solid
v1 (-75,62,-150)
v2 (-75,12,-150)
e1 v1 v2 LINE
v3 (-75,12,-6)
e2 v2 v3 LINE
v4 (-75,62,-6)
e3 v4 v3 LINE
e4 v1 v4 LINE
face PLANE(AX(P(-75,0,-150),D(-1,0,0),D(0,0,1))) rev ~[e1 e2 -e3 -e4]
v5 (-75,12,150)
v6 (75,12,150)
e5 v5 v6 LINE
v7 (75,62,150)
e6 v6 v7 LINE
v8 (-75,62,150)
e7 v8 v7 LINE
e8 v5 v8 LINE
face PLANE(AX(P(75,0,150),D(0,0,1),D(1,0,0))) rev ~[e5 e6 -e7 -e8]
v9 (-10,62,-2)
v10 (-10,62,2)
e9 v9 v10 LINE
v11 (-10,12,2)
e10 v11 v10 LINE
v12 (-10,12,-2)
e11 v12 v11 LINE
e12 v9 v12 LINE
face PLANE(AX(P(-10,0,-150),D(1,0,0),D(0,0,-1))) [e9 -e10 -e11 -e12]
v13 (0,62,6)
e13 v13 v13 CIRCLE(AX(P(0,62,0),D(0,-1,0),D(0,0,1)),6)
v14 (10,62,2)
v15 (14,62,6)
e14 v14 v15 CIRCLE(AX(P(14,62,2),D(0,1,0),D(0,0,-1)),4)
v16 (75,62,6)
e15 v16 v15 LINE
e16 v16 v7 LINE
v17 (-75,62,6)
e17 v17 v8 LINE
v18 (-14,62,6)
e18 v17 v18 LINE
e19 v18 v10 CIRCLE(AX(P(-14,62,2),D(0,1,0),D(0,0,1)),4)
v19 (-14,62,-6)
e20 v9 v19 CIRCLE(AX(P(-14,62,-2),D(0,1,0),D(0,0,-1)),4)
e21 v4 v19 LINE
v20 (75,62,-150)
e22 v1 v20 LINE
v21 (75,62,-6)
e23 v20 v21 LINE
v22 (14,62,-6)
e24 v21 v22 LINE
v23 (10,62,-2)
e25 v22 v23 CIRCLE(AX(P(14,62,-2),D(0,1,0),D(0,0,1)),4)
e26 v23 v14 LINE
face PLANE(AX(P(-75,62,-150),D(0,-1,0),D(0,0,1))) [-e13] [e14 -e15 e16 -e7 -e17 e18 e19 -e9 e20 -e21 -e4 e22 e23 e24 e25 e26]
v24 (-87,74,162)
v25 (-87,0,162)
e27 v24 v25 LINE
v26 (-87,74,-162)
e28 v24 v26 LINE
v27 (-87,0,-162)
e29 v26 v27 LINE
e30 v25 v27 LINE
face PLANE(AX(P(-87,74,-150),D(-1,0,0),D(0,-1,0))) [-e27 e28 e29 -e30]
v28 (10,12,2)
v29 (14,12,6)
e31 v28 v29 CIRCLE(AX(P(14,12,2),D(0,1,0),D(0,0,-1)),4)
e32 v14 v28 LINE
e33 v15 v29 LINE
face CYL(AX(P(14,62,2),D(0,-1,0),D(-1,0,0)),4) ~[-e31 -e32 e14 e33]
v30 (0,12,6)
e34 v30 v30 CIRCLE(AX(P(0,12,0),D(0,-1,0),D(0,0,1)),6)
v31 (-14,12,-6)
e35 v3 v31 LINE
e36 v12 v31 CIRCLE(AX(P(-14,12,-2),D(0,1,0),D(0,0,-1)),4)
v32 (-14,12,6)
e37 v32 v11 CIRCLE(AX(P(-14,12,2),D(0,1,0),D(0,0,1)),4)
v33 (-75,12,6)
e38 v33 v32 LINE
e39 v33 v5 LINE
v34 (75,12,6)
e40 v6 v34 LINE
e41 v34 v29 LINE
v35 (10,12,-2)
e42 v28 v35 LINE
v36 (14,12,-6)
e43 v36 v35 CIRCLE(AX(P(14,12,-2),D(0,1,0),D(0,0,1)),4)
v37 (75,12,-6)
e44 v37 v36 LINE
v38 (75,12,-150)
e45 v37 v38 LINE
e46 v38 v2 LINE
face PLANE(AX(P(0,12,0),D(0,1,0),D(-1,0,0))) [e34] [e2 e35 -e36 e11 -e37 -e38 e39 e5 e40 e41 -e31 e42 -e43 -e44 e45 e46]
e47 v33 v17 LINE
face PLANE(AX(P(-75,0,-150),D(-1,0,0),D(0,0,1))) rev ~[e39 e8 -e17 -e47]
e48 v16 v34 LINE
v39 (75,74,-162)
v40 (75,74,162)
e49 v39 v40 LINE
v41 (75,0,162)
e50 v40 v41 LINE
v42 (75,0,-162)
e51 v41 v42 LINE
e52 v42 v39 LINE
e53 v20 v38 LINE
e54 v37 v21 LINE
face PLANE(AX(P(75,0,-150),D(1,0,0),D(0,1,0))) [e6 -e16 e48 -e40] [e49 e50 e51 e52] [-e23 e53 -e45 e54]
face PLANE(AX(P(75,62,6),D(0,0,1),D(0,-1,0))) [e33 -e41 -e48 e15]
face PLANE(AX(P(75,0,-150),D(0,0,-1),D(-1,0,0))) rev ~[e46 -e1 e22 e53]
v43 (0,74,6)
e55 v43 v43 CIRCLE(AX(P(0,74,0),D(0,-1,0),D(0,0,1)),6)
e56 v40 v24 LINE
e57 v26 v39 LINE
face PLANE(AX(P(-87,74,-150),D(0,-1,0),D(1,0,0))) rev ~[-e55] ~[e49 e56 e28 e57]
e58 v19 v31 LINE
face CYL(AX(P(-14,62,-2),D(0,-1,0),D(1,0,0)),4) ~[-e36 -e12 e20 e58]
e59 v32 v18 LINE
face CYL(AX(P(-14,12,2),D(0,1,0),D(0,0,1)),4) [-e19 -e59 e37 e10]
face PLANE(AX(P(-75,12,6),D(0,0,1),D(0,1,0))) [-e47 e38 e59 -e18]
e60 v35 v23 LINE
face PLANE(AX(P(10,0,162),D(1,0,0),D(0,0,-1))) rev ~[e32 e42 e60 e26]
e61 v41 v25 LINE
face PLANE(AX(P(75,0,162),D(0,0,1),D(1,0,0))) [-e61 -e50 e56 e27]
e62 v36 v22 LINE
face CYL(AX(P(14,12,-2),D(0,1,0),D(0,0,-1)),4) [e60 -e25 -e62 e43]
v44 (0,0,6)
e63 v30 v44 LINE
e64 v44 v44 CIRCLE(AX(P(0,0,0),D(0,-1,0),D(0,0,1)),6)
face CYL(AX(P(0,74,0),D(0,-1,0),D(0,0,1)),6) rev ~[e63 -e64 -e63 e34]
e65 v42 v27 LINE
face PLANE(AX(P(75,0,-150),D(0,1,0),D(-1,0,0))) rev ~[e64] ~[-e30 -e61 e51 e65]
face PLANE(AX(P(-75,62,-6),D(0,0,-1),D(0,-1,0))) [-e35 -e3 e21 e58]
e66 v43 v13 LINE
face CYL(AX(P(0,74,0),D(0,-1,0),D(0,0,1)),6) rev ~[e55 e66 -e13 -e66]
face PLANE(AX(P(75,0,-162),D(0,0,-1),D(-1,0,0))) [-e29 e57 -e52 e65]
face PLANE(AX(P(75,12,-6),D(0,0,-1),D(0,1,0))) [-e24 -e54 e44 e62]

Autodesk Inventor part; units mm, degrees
ref_plane "YZ Plane" through (0, 0, 0) normal (1, 0, 0) x (0, 1, 0)
ref_plane "XZ Plane" through (0, 0, 0) normal (0, 1, 0) x (-1, 0, 0)
ref_plane "XY Plane" through (0, 0, 0) normal (0, 0, 1) x (1, 0, 0)
sketch "Skizze2" plane through (0, 0, 0) normal (0, 1, 0) x (-1, 0, 0)
  line L0 (75, 150) -> (-75, 150)
  line L1 (-75, 150) -> (-75, -150)
  line L2 (-75, -150) -> (75, -150)
  line L3 (75, -150) -> (75, 150)
  point P0 (0, 0)
  dimension "d4" = 150
  dimension "d5" = 300
  dimension "d6" = 150
  dimension "d7" = 75
extrude "Extrusion2" add sketch "Skizze2" along normal blind 12
sketch "Skizze3" plane through (-75, 0, -150) normal (-1, 0, 0) x (0, 0, 1)
  line L0 (300, 0) -> (0, 0) projected
  line L1 (0, 0) -> (300, 0)
  line L2 (300, 0) -> (300, 74)
  line L3 (300, 74) -> (0, 74)
  line L4 (0, 74) -> (0, 0)
  point P0 (150, 0)
  dimension "d10" = 300
  dimension "d11" = 74
extrude "Extrusion3" add sketch "Skizze3" along normal blind 12
sketch "Skizze4" plane through (-75, 0, -150) normal (1, 0, 0) x (0, 0, -1)
  line L0 (-300, 12) -> (-300, 74) projected
  line L1 (-300, 74) -> (0, 74)
  line L2 (0, 74) -> (0, 62)
  line L3 (0, 62) -> (-300, 62)
  line L4 (-300, 62) -> (-300, 74)
  point P0 (-150, 0)
  dimension "d14" = 300
  dimension "d15" = 12
extrude "Extrusion4" add sketch "Skizze4" along normal blind 150
sketch "Skizze5" plane through (75, 0, 150) normal (0, 0, 1) x (1, 0, 0)
  line L0 (0, 0) -> (-162, 0) projected
  line L1 (0, 62) -> (0, 74) projected
  line L2 (-162, 0) -> (0, 0)
  line L3 (0, 0) -> (0, 74)
  line L4 (0, 74) -> (-162, 74)
  line L5 (-162, 74) -> (-162, 0)
  point P0 (-75, 0)
extrude "Extrusion5" add sketch "Skizze5" along normal blind 12
sketch "Skizze6" plane through (75, 0, -150) normal (0, 0, -1) x (-1, 0, 0)
  line L0 (0, 0) -> (0, 12) projected
  line L1 (162, 74) -> (162, 0) projected
  line L2 (0, 0) -> (162, 0)
  line L3 (162, 0) -> (162, 74)
  line L4 (162, 74) -> (0, 74)
  line L5 (0, 74) -> (0, 0)
  point P0 (75, 0)
  point P1 (162, 0)
extrude "Extrusion6" add sketch "Skizze6" along normal blind 12
sketch "Skizze7" plane through (-87, 74, 162) normal (0, 1, 0) x (1, 0, 0)
  point P0 (87, 162)
hole "Bohrung1" at (0, 74, 0) direction (0, -1, 0) diameter 12 end through all
sketch "Skizze8" plane through (-75, 0, -150) normal (1, 0, 0) x (0, 0, -1)
  line L0 (0, 62) -> (-300, 62) projected
  line L1 (0, 12) -> (-300, 12) projected
  line L2 (-156, 62) -> (-144, 62)
  line L3 (-144, 62) -> (-144, 12)
  line L4 (-144, 12) -> (-156, 12)
  line L5 (-156, 12) -> (-156, 62)
  line L6 (0, 62) -> (0, 12) projected
  point P0 (-150, 0)
  dimension "d29" = 12
  dimension "d30" = 144
extrude "Extrusion7" add sketch "Skizze8" along normal blind 65 contours L3 L1 L5 L0
sketch "Skizze9" plane through (-10, 0, -150) normal (1, 0, 0) x (0, 0, -1)
  point P0 (-150, 0)
fillet "Rundung1" radius 4 2 edges at (-10, 37, 6) (-10, 37, -6)
sketch "Skizze11" plane through (75, 0, 162) normal (1, 0, 0) x (0, 0, -1)
  line L0 (12, 12) -> (312, 12) projected
  line L1 (156, 12) -> (168, 12)
  line L2 (168, 12) -> (168, 62)
  line L3 (168, 62) -> (156, 62)
  line L4 (156, 62) -> (156, 12)
  line L5 (156, 12) -> (156, 62) projected
  point P0 (162, 0)
  dimension "d36" = 12
  dimension "d37" = 50
  dimension "d38" = 0
extrude "Extrusion9" add sketch "Skizze11" against normal blind 65
fillet "Rundung2" radius 4 2 edges at (10, 37, 6) (10, 37, -6)
sketch "Skizze12" plane through (75, 0, 162) normal (1, 0, 0) x (0, 0, -1)
  line L0 (324, 74) -> (0, 74) projected
  line L1 (0, 74) -> (324, 74)
  line L2 (324, 74) -> (324, 0)
  line L3 (324, 0) -> (0, 0)
  line L4 (0, 0) -> (0, 74)
  point P0 (162, 0)
extrude "Extrusion10" [suppressed]
properties part number "Lenkung"
